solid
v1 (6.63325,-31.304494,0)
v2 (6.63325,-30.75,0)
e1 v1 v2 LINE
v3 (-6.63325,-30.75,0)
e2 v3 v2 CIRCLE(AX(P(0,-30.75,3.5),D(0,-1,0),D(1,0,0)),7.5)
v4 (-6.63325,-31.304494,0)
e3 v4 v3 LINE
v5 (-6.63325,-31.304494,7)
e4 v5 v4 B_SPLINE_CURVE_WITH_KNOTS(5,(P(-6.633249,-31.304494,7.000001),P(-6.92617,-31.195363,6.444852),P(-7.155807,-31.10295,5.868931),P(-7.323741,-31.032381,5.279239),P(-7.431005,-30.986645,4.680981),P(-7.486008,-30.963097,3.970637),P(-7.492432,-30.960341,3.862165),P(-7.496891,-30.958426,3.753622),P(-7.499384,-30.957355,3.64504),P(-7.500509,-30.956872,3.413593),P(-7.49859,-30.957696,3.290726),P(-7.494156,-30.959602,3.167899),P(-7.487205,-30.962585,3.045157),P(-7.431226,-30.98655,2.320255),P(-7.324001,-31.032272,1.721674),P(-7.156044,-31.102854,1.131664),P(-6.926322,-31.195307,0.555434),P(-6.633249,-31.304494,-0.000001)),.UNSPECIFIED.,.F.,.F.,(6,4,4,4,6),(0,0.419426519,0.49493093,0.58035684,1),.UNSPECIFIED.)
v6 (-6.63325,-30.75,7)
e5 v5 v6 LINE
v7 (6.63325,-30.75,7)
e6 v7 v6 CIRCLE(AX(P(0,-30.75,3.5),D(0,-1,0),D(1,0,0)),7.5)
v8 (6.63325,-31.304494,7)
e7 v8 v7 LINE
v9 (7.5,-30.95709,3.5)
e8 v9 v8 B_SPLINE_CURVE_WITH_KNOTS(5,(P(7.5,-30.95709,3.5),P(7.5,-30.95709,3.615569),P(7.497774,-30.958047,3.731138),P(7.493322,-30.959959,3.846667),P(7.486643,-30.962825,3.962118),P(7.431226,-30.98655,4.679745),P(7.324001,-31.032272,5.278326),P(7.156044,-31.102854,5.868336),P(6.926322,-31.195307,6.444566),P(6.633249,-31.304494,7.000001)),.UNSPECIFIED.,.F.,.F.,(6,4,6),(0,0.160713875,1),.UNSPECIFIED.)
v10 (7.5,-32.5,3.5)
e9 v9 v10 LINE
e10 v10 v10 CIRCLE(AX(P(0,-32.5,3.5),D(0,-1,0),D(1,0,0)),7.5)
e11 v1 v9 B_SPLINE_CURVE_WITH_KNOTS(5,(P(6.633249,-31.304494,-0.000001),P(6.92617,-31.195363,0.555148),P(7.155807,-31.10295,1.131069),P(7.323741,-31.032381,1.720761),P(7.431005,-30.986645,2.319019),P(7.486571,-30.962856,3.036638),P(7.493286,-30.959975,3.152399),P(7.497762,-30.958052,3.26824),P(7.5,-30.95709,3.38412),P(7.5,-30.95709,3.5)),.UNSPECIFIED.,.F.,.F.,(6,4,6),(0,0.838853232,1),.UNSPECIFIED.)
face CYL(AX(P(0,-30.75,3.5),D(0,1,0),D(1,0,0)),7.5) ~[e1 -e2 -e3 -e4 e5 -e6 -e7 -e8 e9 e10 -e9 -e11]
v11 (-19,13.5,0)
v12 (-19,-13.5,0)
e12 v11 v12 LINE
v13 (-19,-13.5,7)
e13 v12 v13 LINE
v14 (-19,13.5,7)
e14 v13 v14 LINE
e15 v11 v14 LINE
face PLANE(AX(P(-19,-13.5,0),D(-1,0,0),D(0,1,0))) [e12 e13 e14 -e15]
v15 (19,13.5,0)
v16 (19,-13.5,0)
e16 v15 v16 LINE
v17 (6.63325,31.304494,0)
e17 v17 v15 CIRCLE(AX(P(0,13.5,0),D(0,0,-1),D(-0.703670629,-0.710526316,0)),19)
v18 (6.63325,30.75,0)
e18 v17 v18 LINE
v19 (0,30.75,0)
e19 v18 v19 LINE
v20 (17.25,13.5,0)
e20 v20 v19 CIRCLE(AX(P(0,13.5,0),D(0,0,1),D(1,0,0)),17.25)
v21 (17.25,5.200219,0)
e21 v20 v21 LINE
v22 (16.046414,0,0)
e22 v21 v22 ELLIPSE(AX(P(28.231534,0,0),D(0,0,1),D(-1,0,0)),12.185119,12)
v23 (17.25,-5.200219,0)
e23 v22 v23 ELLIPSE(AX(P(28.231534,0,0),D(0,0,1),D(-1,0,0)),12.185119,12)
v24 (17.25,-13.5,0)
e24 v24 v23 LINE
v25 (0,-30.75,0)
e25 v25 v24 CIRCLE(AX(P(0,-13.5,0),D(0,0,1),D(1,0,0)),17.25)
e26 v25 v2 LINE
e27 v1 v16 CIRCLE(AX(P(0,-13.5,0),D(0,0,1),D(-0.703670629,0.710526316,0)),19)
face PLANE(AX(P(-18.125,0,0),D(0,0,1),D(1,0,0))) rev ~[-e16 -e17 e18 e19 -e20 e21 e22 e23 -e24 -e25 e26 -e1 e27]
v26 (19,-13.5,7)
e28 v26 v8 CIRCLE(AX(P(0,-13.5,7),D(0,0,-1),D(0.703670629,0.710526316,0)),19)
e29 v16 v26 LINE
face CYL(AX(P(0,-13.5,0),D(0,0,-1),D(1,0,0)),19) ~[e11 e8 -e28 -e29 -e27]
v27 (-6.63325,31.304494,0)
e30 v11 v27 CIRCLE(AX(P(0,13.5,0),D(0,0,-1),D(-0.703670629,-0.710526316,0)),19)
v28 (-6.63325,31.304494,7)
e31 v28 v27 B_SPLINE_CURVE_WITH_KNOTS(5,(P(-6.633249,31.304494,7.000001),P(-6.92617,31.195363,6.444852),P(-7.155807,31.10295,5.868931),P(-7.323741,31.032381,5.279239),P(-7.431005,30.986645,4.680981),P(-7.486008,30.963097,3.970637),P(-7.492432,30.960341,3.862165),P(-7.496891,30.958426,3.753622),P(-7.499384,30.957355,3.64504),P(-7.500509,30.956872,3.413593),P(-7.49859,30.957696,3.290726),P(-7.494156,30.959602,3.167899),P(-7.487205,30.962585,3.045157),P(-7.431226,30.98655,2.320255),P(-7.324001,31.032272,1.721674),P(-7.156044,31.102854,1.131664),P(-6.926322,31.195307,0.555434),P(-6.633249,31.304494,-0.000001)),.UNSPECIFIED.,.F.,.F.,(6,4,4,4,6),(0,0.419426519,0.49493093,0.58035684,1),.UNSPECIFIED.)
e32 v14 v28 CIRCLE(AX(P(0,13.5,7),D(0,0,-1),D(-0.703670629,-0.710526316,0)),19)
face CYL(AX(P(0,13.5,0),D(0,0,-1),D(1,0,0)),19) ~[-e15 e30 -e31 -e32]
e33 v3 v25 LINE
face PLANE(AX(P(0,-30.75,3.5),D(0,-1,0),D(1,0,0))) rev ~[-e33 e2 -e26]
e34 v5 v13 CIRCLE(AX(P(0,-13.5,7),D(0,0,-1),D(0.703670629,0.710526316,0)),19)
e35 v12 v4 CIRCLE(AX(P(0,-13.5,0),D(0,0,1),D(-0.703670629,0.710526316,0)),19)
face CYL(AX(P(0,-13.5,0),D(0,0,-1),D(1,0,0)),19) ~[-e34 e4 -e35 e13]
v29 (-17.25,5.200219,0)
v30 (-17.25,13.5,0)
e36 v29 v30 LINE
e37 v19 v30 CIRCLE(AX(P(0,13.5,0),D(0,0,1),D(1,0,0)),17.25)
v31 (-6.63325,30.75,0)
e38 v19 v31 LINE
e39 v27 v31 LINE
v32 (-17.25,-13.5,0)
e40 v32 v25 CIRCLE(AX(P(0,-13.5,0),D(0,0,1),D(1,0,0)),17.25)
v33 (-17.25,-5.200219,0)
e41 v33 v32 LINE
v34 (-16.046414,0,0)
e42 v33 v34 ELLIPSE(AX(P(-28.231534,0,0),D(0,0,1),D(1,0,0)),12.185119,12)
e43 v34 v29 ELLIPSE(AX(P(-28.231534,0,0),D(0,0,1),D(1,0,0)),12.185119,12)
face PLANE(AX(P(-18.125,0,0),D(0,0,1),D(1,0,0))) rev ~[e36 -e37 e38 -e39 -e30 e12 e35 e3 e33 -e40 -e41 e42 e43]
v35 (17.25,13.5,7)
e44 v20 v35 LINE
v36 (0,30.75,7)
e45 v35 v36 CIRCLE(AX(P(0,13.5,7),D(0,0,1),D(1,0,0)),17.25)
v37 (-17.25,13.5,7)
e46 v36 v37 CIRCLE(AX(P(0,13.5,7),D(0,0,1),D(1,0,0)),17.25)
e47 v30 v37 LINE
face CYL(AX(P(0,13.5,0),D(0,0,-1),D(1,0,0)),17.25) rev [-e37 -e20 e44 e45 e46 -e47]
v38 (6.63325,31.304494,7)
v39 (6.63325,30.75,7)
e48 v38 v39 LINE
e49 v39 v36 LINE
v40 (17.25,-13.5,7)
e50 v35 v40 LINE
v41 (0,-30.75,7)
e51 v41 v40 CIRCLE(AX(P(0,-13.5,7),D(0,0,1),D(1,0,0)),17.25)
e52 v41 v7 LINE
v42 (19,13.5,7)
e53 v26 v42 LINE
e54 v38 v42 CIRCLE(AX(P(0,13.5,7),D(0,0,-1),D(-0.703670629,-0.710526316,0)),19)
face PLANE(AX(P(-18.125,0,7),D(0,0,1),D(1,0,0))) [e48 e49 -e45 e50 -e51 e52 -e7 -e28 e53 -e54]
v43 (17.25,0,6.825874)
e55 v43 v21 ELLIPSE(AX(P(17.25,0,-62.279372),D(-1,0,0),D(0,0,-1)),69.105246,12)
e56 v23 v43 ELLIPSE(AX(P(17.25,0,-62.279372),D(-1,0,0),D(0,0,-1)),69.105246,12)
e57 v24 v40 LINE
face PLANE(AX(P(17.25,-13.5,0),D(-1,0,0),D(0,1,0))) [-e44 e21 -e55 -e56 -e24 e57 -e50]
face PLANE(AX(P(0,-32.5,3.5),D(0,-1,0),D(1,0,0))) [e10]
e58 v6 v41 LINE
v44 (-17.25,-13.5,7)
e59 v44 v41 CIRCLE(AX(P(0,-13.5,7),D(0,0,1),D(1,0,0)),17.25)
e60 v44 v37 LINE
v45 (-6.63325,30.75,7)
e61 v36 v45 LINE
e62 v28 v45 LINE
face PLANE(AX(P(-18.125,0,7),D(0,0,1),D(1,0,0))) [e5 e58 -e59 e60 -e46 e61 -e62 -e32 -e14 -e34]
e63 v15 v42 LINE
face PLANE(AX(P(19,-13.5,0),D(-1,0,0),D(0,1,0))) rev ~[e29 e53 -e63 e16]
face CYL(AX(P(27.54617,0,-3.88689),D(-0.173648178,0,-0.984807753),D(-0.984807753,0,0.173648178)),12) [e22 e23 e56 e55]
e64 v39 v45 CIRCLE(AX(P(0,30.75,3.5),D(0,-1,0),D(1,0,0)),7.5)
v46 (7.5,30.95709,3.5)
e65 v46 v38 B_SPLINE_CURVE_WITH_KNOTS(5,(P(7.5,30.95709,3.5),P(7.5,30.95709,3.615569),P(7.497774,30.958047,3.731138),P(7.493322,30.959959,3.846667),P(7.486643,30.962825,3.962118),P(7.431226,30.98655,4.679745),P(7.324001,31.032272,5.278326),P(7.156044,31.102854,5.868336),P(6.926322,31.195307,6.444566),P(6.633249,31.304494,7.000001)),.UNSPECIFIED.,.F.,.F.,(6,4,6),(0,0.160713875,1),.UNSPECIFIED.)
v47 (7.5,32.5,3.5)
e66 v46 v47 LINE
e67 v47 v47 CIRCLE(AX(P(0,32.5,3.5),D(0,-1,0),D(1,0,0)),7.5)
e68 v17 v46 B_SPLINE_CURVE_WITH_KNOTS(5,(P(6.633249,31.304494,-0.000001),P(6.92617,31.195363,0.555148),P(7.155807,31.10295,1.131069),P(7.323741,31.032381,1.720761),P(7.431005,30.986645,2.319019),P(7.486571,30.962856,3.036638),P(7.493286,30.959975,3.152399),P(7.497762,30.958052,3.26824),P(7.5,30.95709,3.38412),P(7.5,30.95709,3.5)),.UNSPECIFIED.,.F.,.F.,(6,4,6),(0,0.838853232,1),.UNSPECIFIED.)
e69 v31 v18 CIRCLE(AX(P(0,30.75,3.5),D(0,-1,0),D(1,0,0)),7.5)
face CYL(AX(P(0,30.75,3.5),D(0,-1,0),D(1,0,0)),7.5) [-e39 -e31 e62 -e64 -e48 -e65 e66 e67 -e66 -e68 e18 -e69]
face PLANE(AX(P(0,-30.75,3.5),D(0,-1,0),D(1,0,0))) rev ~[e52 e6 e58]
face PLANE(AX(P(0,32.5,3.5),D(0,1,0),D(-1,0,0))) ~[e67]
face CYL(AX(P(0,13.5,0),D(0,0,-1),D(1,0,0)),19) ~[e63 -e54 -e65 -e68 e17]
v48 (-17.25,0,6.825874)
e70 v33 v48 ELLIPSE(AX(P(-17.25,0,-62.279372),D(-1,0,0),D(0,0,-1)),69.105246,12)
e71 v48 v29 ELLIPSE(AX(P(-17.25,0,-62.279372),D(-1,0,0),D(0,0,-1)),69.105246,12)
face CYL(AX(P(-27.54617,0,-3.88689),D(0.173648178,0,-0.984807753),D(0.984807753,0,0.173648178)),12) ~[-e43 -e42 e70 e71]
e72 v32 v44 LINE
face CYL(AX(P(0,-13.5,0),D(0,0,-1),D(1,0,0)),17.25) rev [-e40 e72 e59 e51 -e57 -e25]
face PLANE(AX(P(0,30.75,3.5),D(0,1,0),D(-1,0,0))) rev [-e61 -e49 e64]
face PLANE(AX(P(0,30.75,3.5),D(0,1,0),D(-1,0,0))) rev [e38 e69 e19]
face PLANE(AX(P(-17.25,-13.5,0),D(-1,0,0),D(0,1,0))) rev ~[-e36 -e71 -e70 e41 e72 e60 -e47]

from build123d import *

# Parameters (mm, degrees)
CYLINDER070_R               = 80
CYLINDER070_DEPTH           = 10
CYLINDER069_R               = 80
CYLINDER069_DEPTH           = 10
BOX005_W                    = 40
BOX005_H                    = 27
BOX005_DEPTH                = 7
BOX004_W                    = 40
BOX004_H                    = 27
BOX004_DEPTH                = 7
CYLINDER071_R               = 12
CYLINDER071_DEPTH           = 10
CYLINDER071_PLACEMENT_ANGLE = 350
BOX002_W                    = 1.75
BOX002_H                    = 27
BOX002_DEPTH                = 7
CYLINDER073_R               = 17.25
CYLINDER073_DEPTH           = 7
CYLINDER067_R               = 17.25
CYLINDER067_DEPTH           = 7
BOX006_W                    = 34.5
BOX006_H                    = 27
BOX006_DEPTH                = 7
CYLINDER072_R               = 19
CYLINDER072_DEPTH           = 7
CYLINDER066_R               = 19
CYLINDER066_DEPTH           = 7
BOX003_W                    = 1.75
BOX003_H                    = 27
BOX003_DEPTH                = 7
CYLINDER076_R               = 12
CYLINDER076_DEPTH           = 10
CYLINDER076_PLACEMENT_ANGLE = 10
CYLINDER077_R               = 7.5
CYLINDER077_DEPTH           = 1.75
CYLINDER075_R               = 7.5
CYLINDER075_DEPTH           = 1.75


with BuildPart() as ncylinder002:
    # Cylinder070 → Cylinder070 (new body)
    with BuildSketch(Plane.XY.offset(-10)):
        Circle(CYLINDER070_R)
    extrude(amount=CYLINDER070_DEPTH)


with BuildPart() as ncylinder001:
    # Cylinder069 → Cylinder069 (new body)
    with BuildSketch(Plane.XY.offset(7)):
        Circle(CYLINDER069_R)
    extrude(amount=CYLINDER069_DEPTH)


with BuildPart() as cube003:
    # Box005 → Box005 (new body)
    with BuildSketch(Plane(origin=(-59, -13.5, 0), x_dir=(1, 0, 0), z_dir=(0, 0, 1))):
        with Locations((20, 13.5)):
            Rectangle(BOX005_W, BOX005_H)
    extrude(amount=BOX005_DEPTH)


with BuildPart() as nlockring:
    # Box004 → Box004 (new body)
    with BuildSketch(Plane(origin=(19, -13.5, 0), x_dir=(1, 0, 0), z_dir=(0, 0, 1))):
        with Locations((20, 13.5)):
            Rectangle(BOX004_W, BOX004_H)
    extrude(amount=BOX004_DEPTH)

    # Fusion075: union Cube003
    add(cube003.part)

    # Fusion077: union nCylinder002, nCylinder001
    add(ncylinder002.part)
    add(ncylinder001.part)


with BuildPart() as plockringtooth:
    # Cylinder071 → Cylinder071 (new body)
    with BuildSketch(Plane.XY):
        Circle(CYLINDER071_R)
    extrude(amount=CYLINDER071_DEPTH)


with BuildPart() as plockringtooth_1:
    # Cylinder071 placement: moved
    add(plockringtooth.part.moved(Location((-27.54617, 0, -3.88689))).rotate(Axis((-27.54617, 0, -3.88689), (0, 1, 0)), CYLINDER071_PLACEMENT_ANGLE))


with BuildPart() as plockringtooth2:
    # Part__Mirroring: instance of pLockRingTooth
    add(plockringtooth_1.part.mirror(Plane(origin=(0, 0, 0), x_dir=(0, -1, 0), z_dir=(1, 0, 0))))


with BuildPart() as plockringstraight1:
    # Box002 → Box002 (new body)
    with BuildSketch(Plane(origin=(17.25, -13.5, 0), x_dir=(1, 0, 0), z_dir=(0, 0, 1))):
        with Locations((0.875, 13.5)):
            Rectangle(BOX002_W, BOX002_H)
    extrude(amount=BOX002_DEPTH)


with BuildPart() as nlockcylinderlower:
    # Cylinder073 → Cylinder073 (new body)
    with BuildSketch(Plane(origin=(0, -13.5, 0), x_dir=(1, 0, 0), z_dir=(0, 0, 1))):
        Circle(CYLINDER073_R)
    extrude(amount=CYLINDER073_DEPTH)


with BuildPart() as nlockcylinderupper:
    # Cylinder067 → Cylinder067 (new body)
    with BuildSketch(Plane(origin=(0, 13.5, 0), x_dir=(1, 0, 0), z_dir=(0, 0, 1))):
        Circle(CYLINDER067_R)
    extrude(amount=CYLINDER067_DEPTH)


with BuildPart() as nlockcylinder:
    # Box006 → Box006 (new body)
    with BuildSketch(Plane(origin=(-17.25, -13.5, 0), x_dir=(1, 0, 0), z_dir=(0, 0, 1))):
        with Locations((17.25, 13.5)):
            Rectangle(BOX006_W, BOX006_H)
    extrude(amount=BOX006_DEPTH)

    # Fusion078: union nLockCylinderLower, nLockCylinderUpper
    add(nlockcylinderlower.part)
    add(nlockcylinderupper.part)


with BuildPart() as plockcylinderlower:
    # Cylinder072 → Cylinder072 (new body)
    with BuildSketch(Plane(origin=(0, -13.5, 0), x_dir=(1, 0, 0), z_dir=(0, 0, 1))):
        Circle(CYLINDER072_R)
    extrude(amount=CYLINDER072_DEPTH)


with BuildPart() as plockringtrackrounds:
    # Cylinder066 → Cylinder066 (new body)
    with BuildSketch(Plane(origin=(0, 13.5, 0), x_dir=(1, 0, 0), z_dir=(0, 0, 1))):
        Circle(CYLINDER066_R)
    extrude(amount=CYLINDER066_DEPTH)

    # Fusion079: union pLockCylinderLower
    add(plockcylinderlower.part)

    # Cut035: cut nLockCylinder
    add(nlockcylinder.part, mode=Mode.SUBTRACT)


with BuildPart() as plockringstraight2:
    # Box003 → Box003 (new body)
    with BuildSketch(Plane(origin=(-19, -13.5, 0), x_dir=(1, 0, 0), z_dir=(0, 0, 1))):
        with Locations((0.875, 13.5)):
            Rectangle(BOX003_W, BOX003_H)
    extrude(amount=BOX003_DEPTH)


with BuildPart() as lockringnofingertabs:
    # Cylinder076 → Cylinder076 (new body)
    with BuildSketch(Plane.XY):
        Circle(CYLINDER076_R)
    extrude(amount=CYLINDER076_DEPTH)


with BuildPart() as lockringnofingertabs_1:
    # Cylinder076 placement: moved
    add(lockringnofingertabs.part.moved(Location((-27.54617, 0, -3.88689))).rotate(Axis((-27.54617, 0, -3.88689), (0, -1, 0)), CYLINDER076_PLACEMENT_ANGLE))

    # Fusion080: union pLockRingTooth2, pLockRingStraight1, pLockRingTrackRounds, pLockRingStraight2
    add(plockringtooth2.part)
    add(plockringstraight1.part)
    add(plockringtrackrounds.part)
    add(plockringstraight2.part)

    # Cut036: cut nLockRing
    add(nlockring.part, mode=Mode.SUBTRACT)


with BuildPart() as fingertab1:
    # Cylinder077 → Cylinder077 (new body)
    with BuildSketch(Plane(origin=(0, -30.75, 3.5), x_dir=(1, 0, 0), z_dir=(0, -1, 0))):
        Circle(CYLINDER077_R)
    extrude(amount=CYLINDER077_DEPTH)


with BuildPart() as fingertab:
    # Cylinder075 → Cylinder075 (new body)
    with BuildSketch(Plane(origin=(0, -30.75, 3.5), x_dir=(1, 0, 0), z_dir=(0, -1, 0))):
        Circle(CYLINDER075_R)
    extrude(amount=CYLINDER075_DEPTH)


with BuildPart() as toplevelpart_lockring:
    # Part__Mirroring010: instance of FingerTab
    add(fingertab.part.mirror(Plane(origin=(0, 0, 0), x_dir=(1, 0, 0), z_dir=(0, 1, 0))))

    # Fusion081: union LockRingNoFingerTabs, FingerTab1
    add(lockringnofingertabs_1.part)
    add(fingertab1.part)


solid = toplevelpart_lockring.part
